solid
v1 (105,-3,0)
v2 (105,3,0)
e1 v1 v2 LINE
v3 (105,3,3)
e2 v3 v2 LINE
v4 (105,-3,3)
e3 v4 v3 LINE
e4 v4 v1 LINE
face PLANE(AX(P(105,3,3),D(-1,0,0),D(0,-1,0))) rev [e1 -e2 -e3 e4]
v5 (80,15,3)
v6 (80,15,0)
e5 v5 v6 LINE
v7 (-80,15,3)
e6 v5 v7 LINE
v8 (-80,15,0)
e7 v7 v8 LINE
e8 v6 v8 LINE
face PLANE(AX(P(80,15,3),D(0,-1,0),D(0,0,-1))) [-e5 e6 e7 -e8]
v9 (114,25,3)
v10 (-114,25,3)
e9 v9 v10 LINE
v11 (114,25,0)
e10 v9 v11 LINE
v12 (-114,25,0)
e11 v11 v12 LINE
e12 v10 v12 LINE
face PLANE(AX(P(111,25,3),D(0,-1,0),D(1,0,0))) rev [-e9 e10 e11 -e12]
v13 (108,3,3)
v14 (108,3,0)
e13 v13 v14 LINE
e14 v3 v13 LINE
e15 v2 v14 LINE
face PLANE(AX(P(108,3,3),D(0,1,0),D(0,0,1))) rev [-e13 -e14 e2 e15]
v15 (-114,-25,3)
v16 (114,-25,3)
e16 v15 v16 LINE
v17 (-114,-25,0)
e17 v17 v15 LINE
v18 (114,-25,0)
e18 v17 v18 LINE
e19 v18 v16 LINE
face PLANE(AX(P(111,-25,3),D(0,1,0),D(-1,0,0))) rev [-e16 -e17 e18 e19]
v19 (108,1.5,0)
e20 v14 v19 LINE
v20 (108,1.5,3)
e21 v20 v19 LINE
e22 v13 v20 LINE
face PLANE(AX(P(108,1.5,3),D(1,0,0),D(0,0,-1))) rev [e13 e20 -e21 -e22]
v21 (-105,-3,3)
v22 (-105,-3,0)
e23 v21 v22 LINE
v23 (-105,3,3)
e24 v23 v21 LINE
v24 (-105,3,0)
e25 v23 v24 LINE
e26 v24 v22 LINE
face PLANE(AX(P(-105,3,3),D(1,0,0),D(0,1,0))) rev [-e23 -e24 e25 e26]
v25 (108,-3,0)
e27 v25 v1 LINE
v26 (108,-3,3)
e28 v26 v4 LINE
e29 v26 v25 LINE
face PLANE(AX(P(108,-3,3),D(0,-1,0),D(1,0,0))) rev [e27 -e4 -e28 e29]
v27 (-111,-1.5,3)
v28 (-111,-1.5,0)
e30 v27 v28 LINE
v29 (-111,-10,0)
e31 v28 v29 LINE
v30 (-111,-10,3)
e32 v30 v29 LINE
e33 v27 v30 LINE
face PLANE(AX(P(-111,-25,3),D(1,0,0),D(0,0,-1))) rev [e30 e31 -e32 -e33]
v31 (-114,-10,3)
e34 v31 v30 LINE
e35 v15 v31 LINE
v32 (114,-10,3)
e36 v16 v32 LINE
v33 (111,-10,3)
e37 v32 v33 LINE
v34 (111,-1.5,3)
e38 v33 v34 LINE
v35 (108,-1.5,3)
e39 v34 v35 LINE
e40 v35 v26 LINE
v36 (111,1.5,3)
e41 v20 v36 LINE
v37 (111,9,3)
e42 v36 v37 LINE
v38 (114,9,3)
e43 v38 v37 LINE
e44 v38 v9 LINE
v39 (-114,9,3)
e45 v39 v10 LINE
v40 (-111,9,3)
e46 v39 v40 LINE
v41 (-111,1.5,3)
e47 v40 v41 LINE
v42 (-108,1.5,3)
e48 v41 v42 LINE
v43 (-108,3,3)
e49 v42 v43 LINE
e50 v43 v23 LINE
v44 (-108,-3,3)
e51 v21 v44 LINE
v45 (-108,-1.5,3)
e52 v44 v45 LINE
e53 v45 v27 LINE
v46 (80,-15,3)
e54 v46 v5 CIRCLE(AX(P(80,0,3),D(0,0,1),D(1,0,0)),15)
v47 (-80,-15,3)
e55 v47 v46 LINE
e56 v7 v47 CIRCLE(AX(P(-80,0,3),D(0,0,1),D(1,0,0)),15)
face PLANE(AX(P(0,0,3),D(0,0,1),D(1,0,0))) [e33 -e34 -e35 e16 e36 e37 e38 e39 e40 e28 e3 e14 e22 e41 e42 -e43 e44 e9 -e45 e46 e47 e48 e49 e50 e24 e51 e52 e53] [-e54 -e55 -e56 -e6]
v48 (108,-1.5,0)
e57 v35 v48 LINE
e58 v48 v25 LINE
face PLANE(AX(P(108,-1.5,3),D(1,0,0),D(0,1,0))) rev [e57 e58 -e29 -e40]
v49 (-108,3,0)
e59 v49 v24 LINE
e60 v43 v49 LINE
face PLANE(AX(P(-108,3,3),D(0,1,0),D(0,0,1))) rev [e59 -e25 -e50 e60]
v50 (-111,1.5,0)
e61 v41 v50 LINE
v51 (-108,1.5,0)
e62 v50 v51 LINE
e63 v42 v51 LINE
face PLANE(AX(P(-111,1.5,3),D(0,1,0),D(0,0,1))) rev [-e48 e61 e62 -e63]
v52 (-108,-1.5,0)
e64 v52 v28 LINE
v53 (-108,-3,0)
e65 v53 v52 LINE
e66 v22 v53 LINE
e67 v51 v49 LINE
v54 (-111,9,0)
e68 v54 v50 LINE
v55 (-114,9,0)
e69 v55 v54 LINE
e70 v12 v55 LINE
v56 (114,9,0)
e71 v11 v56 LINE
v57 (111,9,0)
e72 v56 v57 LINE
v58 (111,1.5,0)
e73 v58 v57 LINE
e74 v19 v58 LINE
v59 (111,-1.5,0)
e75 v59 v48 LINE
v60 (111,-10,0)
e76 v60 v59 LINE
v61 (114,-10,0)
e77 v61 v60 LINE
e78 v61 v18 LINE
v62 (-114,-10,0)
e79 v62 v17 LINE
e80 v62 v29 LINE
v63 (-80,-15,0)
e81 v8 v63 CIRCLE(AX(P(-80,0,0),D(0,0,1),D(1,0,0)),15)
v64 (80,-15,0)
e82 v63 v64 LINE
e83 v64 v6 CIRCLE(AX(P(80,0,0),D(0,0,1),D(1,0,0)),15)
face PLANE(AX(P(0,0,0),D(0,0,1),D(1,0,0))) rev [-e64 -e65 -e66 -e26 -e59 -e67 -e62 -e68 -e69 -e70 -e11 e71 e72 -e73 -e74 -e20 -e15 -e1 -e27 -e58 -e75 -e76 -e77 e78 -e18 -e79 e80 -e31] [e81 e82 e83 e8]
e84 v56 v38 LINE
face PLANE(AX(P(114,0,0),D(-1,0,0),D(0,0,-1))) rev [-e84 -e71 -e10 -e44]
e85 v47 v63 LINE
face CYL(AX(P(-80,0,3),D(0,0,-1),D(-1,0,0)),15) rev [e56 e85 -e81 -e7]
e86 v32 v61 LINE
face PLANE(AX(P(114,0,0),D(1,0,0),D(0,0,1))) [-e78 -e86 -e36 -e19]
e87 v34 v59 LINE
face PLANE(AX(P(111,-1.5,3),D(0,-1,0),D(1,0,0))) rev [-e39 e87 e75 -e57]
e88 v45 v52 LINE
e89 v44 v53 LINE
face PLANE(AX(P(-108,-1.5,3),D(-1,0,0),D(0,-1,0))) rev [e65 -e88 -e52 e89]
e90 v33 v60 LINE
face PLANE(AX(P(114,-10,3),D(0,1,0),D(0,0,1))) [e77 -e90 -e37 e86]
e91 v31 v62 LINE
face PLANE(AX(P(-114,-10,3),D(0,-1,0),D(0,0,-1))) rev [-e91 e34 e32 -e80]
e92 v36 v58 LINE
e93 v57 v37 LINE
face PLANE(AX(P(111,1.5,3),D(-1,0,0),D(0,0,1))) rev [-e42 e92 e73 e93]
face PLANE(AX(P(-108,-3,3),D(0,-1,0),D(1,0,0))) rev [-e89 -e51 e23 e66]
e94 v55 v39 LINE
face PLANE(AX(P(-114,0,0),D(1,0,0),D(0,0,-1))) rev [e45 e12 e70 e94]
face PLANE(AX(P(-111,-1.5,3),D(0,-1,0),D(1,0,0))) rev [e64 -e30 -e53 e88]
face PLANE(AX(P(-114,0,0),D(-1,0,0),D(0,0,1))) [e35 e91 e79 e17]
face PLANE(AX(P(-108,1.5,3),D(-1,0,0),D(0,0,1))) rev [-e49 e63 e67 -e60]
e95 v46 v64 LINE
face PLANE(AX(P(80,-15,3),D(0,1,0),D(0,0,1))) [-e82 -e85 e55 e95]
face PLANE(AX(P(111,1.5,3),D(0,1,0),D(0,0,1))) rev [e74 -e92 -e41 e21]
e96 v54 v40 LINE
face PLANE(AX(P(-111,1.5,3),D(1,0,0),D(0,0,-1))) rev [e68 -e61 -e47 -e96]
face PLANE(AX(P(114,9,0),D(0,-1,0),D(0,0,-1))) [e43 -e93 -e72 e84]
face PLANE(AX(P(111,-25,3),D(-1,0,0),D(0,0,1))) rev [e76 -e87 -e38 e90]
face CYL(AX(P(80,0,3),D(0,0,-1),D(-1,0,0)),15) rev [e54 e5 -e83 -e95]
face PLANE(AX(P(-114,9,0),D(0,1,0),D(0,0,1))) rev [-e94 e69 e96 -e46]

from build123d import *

# Parameters (mm, degrees)
SALIENTE_EXTRUIR1_DEPTH = 3
CROQUIS2_W              = 3
CROQUIS2_H              = 16
CROQUIS2_H_2            = 15
SALIENTE_EXTRUIR2_DEPTH = 3


with BuildPart() as part:
    # Croquis1 → Saliente-Extruir1 (new body)
    with BuildSketch(Plane.XY):
        Polygon((111, -25), (-111, -25), (-111, -1.5), (-108, -1.5), (-108, -3), (-105, -3), (-105, 3), (-108, 3), (-108, 1.5), (-111, 1.5), (-111, 25), (111, 25), (111, 1.5), (108, 1.5), (108, 3), (105, 3), (105, -3), (108, -3), (108, -1.5), (111, -1.5), align=None)
        with BuildLine():
            Line((80, -15), (-80, -15))
            ThreePointArc((-80, -15), (-95, 0), (-80, 15))
            Line((-80, 15), (80, 15))
            ThreePointArc((80, 15), (95, 0), (80, -15))
        make_face(mode=Mode.SUBTRACT)
    extrude(amount=SALIENTE_EXTRUIR1_DEPTH)

    # Croquis2 → Saliente-Extruir2 (add)
    with BuildSketch(Plane.ZY.offset(111)):
        with Locations((1.5, 17)):
            Rectangle(CROQUIS2_W, CROQUIS2_H)
        with Locations((1.5, -17.5)):
            Rectangle(CROQUIS2_W, CROQUIS2_H_2)
    saliente_extruir2 = extrude(amount=SALIENTE_EXTRUIR2_DEPTH)

    # Simetría1: Saliente-Extruir2 across plane
    add(saliente_extruir2.mirror(Plane(origin=(0, 0, 0), x_dir=(0, 0, 1), z_dir=(1, 0, 0))))


solid = part.part
